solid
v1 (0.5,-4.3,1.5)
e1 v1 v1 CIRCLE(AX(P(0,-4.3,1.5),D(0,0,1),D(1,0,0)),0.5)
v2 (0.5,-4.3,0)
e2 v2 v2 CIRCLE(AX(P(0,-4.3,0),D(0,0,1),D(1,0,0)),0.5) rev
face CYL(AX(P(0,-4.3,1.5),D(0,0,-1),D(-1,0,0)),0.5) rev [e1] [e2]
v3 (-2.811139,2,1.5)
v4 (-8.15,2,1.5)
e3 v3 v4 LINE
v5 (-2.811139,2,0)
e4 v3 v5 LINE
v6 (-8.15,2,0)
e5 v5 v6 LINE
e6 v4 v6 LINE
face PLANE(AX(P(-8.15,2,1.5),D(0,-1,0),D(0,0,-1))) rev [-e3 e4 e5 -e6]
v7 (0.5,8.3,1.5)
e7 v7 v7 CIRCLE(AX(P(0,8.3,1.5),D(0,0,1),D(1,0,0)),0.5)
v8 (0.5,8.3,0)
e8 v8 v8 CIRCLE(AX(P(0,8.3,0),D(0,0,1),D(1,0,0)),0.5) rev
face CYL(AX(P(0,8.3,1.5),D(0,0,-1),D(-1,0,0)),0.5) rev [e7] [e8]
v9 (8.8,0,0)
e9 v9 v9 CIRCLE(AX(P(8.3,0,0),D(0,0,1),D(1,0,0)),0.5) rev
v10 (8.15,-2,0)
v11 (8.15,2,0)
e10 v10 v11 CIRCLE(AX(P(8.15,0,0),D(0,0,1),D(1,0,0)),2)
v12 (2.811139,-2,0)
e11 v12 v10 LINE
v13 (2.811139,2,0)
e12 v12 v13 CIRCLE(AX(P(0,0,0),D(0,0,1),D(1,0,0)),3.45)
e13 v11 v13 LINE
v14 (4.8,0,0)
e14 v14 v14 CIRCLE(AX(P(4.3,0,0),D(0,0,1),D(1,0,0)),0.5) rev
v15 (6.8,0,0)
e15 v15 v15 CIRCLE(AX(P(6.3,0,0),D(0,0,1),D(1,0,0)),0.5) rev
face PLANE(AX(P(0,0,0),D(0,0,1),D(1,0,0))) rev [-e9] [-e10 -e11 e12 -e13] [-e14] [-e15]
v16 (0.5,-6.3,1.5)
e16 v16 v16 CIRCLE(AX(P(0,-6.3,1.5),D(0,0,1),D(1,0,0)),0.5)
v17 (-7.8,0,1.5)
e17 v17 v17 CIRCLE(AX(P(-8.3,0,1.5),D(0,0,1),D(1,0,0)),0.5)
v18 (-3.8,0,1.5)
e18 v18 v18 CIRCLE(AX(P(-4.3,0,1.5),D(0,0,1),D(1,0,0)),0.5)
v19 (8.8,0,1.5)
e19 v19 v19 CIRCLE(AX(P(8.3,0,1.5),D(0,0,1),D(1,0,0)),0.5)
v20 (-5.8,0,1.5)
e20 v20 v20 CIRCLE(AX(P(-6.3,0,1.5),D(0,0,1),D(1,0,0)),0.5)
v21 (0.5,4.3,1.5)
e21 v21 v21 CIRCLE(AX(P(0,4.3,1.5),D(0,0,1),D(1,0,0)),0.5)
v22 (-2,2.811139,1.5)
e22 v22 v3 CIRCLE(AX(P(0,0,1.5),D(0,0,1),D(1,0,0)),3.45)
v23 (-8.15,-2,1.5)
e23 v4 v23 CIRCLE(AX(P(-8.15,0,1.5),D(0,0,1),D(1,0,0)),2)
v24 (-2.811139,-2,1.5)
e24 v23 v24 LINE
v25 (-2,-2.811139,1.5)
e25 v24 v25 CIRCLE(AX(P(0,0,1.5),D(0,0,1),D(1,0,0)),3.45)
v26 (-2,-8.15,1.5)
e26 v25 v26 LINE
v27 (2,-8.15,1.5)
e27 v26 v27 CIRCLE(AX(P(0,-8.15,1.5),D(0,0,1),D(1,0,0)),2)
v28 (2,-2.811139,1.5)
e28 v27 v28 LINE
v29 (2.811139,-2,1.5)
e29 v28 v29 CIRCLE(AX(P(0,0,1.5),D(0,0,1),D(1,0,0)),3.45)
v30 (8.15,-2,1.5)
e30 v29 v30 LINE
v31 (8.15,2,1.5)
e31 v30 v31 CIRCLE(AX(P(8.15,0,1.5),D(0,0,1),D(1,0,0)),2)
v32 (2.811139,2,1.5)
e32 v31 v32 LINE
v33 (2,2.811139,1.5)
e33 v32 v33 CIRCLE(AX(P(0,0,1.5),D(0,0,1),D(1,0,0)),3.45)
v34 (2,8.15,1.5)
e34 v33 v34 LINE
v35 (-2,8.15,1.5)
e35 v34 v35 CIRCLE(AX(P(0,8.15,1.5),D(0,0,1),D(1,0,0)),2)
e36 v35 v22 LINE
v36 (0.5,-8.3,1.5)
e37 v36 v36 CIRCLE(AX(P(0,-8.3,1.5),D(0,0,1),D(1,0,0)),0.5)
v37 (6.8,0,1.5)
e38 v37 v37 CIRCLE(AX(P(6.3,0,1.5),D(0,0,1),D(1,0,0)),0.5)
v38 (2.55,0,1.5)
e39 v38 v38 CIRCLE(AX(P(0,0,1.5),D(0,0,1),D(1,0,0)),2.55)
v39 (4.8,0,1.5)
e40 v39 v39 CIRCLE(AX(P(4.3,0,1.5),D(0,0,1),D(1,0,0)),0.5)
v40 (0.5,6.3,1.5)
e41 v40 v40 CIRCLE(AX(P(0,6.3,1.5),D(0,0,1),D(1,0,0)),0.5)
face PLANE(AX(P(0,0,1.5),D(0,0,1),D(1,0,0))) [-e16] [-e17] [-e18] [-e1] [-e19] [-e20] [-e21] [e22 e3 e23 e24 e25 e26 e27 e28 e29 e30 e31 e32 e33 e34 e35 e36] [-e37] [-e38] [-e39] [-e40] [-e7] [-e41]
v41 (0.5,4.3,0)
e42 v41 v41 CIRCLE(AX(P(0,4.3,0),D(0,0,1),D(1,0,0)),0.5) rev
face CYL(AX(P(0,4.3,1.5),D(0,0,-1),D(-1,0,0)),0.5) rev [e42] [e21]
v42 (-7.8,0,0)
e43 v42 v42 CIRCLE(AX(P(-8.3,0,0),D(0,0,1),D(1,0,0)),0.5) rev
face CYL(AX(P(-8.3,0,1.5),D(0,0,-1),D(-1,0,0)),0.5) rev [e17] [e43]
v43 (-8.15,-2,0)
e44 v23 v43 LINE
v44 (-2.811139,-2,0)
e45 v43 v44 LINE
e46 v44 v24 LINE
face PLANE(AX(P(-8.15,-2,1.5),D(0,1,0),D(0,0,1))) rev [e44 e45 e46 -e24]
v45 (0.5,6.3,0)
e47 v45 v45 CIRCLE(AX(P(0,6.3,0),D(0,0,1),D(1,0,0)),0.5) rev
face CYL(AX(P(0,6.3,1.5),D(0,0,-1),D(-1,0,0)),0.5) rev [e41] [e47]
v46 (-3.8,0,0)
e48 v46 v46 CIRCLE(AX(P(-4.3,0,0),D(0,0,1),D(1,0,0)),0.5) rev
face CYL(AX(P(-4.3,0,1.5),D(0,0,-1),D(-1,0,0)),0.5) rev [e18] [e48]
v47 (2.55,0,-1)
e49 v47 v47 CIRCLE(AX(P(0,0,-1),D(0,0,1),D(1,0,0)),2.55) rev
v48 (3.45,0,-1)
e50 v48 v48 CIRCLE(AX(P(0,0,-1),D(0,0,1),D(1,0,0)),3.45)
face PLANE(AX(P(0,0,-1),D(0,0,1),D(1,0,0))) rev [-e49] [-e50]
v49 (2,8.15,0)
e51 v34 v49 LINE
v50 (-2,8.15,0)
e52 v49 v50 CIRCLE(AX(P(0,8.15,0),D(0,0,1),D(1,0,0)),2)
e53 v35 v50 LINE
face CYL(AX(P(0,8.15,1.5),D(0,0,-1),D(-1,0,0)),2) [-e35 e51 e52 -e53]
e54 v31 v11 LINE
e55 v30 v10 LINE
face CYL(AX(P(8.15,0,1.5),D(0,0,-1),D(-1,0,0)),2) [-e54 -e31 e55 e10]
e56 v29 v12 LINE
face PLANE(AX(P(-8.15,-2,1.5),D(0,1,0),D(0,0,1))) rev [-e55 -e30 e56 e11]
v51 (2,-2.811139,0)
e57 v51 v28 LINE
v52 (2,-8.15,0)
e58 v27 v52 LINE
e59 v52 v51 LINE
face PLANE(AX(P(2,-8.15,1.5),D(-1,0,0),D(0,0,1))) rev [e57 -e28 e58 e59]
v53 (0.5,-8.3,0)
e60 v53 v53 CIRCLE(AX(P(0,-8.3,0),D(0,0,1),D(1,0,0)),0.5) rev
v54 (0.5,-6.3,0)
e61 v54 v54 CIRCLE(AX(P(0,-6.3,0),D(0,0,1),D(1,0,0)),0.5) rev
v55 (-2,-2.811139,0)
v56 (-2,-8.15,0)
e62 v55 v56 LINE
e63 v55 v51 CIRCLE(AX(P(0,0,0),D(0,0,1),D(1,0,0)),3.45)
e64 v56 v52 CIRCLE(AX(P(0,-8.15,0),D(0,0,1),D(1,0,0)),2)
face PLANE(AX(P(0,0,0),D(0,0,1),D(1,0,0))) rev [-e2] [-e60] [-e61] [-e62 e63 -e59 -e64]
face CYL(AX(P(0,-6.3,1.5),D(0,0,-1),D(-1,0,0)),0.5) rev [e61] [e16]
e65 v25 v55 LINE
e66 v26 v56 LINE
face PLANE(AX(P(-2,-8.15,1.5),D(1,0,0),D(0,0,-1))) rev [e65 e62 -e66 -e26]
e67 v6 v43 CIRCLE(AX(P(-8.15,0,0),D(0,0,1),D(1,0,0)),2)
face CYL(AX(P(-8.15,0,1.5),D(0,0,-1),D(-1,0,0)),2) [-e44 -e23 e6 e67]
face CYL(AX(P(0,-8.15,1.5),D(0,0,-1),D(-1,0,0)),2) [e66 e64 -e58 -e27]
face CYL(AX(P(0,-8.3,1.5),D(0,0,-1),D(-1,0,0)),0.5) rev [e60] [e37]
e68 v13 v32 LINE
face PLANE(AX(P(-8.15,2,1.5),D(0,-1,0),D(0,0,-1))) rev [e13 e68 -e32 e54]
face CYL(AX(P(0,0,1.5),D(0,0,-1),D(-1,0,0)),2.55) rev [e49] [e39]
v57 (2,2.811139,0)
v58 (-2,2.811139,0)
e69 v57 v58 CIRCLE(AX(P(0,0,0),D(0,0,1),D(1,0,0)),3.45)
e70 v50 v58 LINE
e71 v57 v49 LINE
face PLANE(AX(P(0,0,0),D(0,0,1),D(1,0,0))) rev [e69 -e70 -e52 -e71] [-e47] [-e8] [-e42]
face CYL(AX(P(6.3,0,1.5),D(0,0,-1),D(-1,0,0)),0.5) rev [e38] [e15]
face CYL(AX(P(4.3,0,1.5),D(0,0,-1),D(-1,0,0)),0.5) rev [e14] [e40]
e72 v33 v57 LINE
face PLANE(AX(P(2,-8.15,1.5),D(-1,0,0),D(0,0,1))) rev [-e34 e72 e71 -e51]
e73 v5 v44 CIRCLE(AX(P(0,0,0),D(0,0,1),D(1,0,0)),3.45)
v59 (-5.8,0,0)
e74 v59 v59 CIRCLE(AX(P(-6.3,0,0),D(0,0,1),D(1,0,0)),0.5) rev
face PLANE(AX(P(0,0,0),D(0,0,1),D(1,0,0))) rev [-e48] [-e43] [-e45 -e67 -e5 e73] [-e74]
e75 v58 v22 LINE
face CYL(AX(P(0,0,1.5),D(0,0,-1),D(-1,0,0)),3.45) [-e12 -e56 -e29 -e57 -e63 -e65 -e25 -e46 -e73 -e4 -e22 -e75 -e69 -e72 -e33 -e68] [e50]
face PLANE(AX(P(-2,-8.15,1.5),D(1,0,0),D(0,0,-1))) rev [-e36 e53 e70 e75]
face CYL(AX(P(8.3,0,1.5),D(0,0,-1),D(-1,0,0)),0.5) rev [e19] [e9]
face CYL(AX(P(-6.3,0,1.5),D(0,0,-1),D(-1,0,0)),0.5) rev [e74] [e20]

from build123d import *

# Parameters (mm, degrees)
COMPACT_HORN_CENTER_OD6P9_PROFILE_R        = 3.45
COMPACT_HORN_CENTER_OD6P9_DEPTH            = 1.5
HORIZONTAL_BLADES_ASSUMED_WIDTH4_PROFILE_W = 16.3
HORIZONTAL_BLADES_ASSUMED_WIDTH4_PROFILE_H = 4
HORIZONTAL_BLADES_ASSUMED_WIDTH4_DEPTH     = 1.5
VERTICAL_BLADES_ASSUMED_WIDTH4_PROFILE_W   = 4
VERTICAL_BLADES_ASSUMED_WIDTH4_PROFILE_H   = 16.3
VERTICAL_BLADES_ASSUMED_WIDTH4_DEPTH       = 1.5
ROUNDED_BLADE_TIPS_R                       = 2
ROUNDED_TIPS_SPAN20P3_DEPTH                = 1.5
HUB_TOTAL_HEIGHT2P5_START                  = -1
HUB_TOTAL_HEIGHT2P5_PROFILE_R              = 3.45
HUB_TOTAL_HEIGHT2P5_DEPTH                  = 1
PURCHASED_SPLINE_INTERNALS_OMITTED_START   = -50
PURCHASED_SPLINE_INTERNALS_OMITTED_PROFI_R = 2.55
PURCHASED_SPLINE_INTERNALS_OMITTED_DEPTH   = 65.432428763
UNMODIFIED_STOCK_PILOT_HOLES_START         = -50
UNMODIFIED_STOCK_PILOT_HOLES_PROFILE_R     = 0.5
UNMODIFIED_STOCK_PILOT_HOLES_DEPTH         = 65.432428763


with BuildPart() as part:
    # Compact_horn_center_OD6p9_profile → Compact_horn_center_OD6p9 (new body)
    with BuildSketch(Plane.XY):
        Circle(COMPACT_HORN_CENTER_OD6P9_PROFILE_R)
    extrude(amount=COMPACT_HORN_CENTER_OD6P9_DEPTH)

    # Horizontal_blades_assumed_width4_profile → Horizontal_blades_assumed_width4 (add)
    with BuildSketch(Plane.XY):
        Rectangle(HORIZONTAL_BLADES_ASSUMED_WIDTH4_PROFILE_W, HORIZONTAL_BLADES_ASSUMED_WIDTH4_PROFILE_H)
    extrude(amount=HORIZONTAL_BLADES_ASSUMED_WIDTH4_DEPTH)

    # Vertical_blades_assumed_width4_profile → Vertical_blades_assumed_width4 (add)
    with BuildSketch(Plane.XY):
        Rectangle(VERTICAL_BLADES_ASSUMED_WIDTH4_PROFILE_W, VERTICAL_BLADES_ASSUMED_WIDTH4_PROFILE_H)
    extrude(amount=VERTICAL_BLADES_ASSUMED_WIDTH4_DEPTH)

    # Rounded_blade_tips → Rounded_tips_span20p3 (add)
    with BuildSketch(Plane.XY):
        with Locations((8.15, 0)):
            Circle(ROUNDED_BLADE_TIPS_R)
        with Locations((-8.15, 0)):
            Circle(ROUNDED_BLADE_TIPS_R)
        with Locations((0, 8.15)):
            Circle(ROUNDED_BLADE_TIPS_R)
        with Locations((0, -8.15)):
            Circle(ROUNDED_BLADE_TIPS_R)
    extrude(amount=ROUNDED_TIPS_SPAN20P3_DEPTH)

    # Hub_total_height2p5_profile → Hub_total_height2p5 (add)
    with BuildSketch(Plane.XY.offset(HUB_TOTAL_HEIGHT2P5_START)):
        with Locations(Location((0, 0, 0), (0, 0, 215.43015836))):
            Circle(HUB_TOTAL_HEIGHT2P5_PROFILE_R)
    extrude(amount=HUB_TOTAL_HEIGHT2P5_DEPTH)

    # Purchased_spline_internals_omitted_profile → Purchased_spline_internals_omitted (cut, through all)
    with BuildSketch(Plane.XY.offset(PURCHASED_SPLINE_INTERNALS_OMITTED_START)):
        Circle(PURCHASED_SPLINE_INTERNALS_OMITTED_PROFI_R)
    extrude(amount=PURCHASED_SPLINE_INTERNALS_OMITTED_DEPTH, mode=Mode.SUBTRACT)

    # Unmodified_stock_pilot_holes_profile → Unmodified_stock_pilot_holes (cut, through all)
    with BuildSketch(Plane.XY.offset(UNMODIFIED_STOCK_PILOT_HOLES_START)):
        with Locations((-8.3, 0)):
            Circle(UNMODIFIED_STOCK_PILOT_HOLES_PROFILE_R)
        with Locations((-6.3, 0)):
            Circle(UNMODIFIED_STOCK_PILOT_HOLES_PROFILE_R)
        with Locations((-4.3, 0)):
            Circle(UNMODIFIED_STOCK_PILOT_HOLES_PROFILE_R)
        with Locations((4.3, 0)):
            Circle(UNMODIFIED_STOCK_PILOT_HOLES_PROFILE_R)
        with Locations((6.3, 0)):
            Circle(UNMODIFIED_STOCK_PILOT_HOLES_PROFILE_R)
        with Locations((8.3, 0)):
            Circle(UNMODIFIED_STOCK_PILOT_HOLES_PROFILE_R)
        with Locations((0, -8.3)):
            Circle(UNMODIFIED_STOCK_PILOT_HOLES_PROFILE_R)
        with Locations((0, -6.3)):
            Circle(UNMODIFIED_STOCK_PILOT_HOLES_PROFILE_R)
        with Locations((0, -4.3)):
            Circle(UNMODIFIED_STOCK_PILOT_HOLES_PROFILE_R)
        with Locations((0, 4.3)):
            Circle(UNMODIFIED_STOCK_PILOT_HOLES_PROFILE_R)
        with Locations((0, 6.3)):
            Circle(UNMODIFIED_STOCK_PILOT_HOLES_PROFILE_R)
        with Locations((0, 8.3)):
            Circle(UNMODIFIED_STOCK_PILOT_HOLES_PROFILE_R)
    extrude(amount=UNMODIFIED_STOCK_PILOT_HOLES_DEPTH, mode=Mode.SUBTRACT)


solid = part.part
